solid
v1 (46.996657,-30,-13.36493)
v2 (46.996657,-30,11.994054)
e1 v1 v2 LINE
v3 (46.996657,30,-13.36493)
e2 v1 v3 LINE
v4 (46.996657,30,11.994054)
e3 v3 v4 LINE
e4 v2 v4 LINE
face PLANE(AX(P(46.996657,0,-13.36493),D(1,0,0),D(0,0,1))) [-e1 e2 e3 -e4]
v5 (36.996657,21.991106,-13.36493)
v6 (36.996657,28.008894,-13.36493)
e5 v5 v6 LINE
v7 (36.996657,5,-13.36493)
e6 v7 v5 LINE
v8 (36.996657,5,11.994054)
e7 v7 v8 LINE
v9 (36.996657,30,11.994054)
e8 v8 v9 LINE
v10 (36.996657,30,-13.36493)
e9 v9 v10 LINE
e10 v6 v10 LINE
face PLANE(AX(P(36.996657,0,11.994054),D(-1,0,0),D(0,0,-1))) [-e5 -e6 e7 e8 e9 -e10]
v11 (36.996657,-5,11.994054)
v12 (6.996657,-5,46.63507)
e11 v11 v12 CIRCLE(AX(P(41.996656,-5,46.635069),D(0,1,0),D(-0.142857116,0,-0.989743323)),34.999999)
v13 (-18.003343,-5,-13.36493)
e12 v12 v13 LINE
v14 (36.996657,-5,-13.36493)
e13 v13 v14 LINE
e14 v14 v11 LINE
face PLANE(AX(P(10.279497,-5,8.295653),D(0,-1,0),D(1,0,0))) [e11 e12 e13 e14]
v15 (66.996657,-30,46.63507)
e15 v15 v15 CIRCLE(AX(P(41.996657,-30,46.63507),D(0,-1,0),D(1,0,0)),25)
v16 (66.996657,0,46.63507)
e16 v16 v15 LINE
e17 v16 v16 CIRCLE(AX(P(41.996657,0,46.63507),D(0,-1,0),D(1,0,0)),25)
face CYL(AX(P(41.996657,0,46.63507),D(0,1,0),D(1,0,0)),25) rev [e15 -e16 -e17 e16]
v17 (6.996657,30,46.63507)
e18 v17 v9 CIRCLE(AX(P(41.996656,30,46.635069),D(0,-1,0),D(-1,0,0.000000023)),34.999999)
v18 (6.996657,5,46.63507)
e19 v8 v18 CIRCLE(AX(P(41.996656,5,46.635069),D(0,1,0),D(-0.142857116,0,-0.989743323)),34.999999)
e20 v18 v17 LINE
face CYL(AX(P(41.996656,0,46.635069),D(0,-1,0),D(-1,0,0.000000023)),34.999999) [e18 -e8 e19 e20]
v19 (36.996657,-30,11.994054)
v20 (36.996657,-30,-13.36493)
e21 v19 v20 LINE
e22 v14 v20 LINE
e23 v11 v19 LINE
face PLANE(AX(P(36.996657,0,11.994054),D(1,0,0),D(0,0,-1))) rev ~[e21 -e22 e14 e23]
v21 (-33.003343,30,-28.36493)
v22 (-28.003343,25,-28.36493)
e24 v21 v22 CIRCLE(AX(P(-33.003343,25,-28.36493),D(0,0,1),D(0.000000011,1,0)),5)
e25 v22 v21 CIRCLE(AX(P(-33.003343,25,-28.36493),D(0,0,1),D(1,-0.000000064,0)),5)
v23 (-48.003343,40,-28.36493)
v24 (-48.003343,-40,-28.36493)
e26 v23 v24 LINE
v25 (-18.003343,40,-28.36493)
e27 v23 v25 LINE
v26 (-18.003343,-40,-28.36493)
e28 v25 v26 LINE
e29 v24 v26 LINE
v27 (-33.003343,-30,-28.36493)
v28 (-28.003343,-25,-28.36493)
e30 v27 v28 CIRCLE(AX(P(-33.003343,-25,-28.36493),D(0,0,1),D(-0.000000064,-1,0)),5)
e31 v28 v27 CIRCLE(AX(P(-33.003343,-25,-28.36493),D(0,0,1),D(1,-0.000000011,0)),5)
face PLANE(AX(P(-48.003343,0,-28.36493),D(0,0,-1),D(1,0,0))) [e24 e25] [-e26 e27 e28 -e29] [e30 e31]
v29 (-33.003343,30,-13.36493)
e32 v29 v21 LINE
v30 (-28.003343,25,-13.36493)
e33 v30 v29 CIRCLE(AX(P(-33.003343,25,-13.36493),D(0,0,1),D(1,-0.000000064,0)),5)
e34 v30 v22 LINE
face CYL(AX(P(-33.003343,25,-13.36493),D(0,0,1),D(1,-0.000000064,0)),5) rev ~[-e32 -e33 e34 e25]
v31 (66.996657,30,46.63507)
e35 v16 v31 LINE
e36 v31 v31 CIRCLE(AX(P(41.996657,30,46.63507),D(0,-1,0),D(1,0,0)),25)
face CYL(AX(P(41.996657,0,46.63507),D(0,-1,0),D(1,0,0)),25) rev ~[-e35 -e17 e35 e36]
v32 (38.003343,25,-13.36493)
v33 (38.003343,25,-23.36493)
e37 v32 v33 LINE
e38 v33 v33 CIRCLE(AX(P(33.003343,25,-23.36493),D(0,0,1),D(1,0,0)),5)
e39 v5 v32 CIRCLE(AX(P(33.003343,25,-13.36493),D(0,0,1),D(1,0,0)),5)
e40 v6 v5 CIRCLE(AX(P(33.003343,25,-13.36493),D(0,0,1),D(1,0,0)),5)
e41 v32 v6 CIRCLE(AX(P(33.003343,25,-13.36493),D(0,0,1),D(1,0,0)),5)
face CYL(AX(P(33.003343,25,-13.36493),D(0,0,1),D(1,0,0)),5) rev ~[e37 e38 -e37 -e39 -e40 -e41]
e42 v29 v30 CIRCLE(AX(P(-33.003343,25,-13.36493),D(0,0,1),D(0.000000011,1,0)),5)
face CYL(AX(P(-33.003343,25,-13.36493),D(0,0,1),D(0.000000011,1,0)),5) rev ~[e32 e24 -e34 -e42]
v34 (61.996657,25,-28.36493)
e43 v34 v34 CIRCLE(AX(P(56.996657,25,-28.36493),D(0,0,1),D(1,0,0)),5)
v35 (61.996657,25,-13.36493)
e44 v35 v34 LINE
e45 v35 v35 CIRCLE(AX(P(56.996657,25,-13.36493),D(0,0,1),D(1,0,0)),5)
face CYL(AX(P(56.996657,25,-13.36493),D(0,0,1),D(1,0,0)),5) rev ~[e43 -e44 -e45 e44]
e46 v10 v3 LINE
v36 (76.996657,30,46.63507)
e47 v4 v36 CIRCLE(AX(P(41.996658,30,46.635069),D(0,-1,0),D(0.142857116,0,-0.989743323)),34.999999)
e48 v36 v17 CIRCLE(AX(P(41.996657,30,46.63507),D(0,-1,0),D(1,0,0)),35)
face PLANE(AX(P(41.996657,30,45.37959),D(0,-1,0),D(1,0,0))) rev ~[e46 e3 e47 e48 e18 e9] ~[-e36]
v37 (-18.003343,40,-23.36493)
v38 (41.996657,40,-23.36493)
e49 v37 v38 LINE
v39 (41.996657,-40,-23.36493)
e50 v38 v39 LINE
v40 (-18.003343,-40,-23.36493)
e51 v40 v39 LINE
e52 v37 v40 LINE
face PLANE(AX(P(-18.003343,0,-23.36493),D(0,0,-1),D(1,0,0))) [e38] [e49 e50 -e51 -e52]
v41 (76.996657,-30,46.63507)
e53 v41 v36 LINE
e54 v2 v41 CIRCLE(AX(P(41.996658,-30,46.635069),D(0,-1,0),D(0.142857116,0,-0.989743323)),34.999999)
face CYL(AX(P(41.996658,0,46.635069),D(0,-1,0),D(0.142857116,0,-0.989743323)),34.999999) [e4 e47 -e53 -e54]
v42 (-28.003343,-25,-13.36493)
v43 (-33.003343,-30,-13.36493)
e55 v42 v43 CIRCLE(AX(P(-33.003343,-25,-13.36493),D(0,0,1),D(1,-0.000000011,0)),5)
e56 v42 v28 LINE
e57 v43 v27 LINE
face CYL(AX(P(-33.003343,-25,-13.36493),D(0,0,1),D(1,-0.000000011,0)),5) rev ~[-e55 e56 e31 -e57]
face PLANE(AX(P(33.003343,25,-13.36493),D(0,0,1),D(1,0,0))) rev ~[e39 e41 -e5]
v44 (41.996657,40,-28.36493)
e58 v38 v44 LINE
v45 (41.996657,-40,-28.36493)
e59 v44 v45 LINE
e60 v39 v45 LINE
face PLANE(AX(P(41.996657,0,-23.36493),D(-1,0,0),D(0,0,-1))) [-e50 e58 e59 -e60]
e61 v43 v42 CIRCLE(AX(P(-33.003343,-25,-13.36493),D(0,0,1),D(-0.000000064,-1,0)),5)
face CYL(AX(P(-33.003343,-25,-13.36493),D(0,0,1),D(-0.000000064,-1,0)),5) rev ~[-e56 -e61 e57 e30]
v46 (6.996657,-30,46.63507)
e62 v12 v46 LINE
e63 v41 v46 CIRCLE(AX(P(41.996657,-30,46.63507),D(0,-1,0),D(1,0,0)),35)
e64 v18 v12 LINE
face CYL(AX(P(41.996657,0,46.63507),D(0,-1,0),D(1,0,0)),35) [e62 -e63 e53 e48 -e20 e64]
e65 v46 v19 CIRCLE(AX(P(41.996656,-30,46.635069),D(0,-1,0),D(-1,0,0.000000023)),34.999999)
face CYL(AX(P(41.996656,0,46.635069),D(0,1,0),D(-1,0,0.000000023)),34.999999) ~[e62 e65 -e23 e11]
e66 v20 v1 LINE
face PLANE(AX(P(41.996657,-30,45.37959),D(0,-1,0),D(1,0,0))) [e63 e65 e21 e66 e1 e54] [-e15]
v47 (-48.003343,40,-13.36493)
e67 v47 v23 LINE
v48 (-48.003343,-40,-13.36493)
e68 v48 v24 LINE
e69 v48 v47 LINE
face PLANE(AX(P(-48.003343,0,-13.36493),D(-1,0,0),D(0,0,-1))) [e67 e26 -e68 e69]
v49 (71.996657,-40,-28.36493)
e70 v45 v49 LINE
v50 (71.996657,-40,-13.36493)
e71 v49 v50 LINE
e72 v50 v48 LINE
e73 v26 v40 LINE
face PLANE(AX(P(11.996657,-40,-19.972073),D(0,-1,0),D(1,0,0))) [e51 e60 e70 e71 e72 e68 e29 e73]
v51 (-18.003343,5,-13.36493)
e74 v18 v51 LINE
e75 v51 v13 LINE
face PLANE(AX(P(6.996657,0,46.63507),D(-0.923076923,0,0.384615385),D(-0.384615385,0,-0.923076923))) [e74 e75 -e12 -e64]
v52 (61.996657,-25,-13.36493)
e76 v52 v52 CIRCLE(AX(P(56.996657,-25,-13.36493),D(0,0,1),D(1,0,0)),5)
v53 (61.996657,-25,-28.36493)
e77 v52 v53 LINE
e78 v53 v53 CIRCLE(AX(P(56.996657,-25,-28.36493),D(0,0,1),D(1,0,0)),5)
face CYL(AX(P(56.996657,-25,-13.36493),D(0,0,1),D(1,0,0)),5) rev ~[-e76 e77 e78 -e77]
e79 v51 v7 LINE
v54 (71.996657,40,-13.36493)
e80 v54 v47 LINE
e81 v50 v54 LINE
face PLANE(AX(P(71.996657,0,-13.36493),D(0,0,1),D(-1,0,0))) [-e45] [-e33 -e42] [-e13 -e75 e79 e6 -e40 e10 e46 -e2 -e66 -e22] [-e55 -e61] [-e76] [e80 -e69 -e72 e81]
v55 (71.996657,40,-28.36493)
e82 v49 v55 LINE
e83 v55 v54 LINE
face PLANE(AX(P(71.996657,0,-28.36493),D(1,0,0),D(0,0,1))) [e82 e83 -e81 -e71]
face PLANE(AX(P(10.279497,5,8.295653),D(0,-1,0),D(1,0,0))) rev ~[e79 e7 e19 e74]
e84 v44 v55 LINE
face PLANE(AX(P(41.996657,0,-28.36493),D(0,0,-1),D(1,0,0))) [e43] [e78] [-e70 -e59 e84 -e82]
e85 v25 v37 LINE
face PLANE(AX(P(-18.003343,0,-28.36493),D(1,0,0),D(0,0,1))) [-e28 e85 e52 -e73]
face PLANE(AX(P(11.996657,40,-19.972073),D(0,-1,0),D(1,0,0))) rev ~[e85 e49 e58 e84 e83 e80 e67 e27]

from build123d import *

# Parameters (mm, degrees)
F1_DEPTH      = 40
F1_DEPTH_BACK = 40
F2_DEPTH      = 5
F2_DEPTH_BACK = 5
F0_R          = 25
F3_DEPTH      = 30
F3_DEPTH_BACK = 30
F4_R          = 5
F5_DEPTH      = 25


with BuildPart() as f1:
    # F0 (on Front) → F1 (new body, two sides)
    with BuildSketch(Plane.XZ) as f1_sk:
        Polygon((-18.003343, -13.36493), (-48.003343, -13.36493), (-48.003343, -28.36493), (-18.003343, -28.36493), (-18.003343, -23.36493), (41.996657, -23.36493), (41.996657, -28.36493), (71.996657, -28.36493), (71.996657, -13.36493), (46.996657, -13.36493), (41.996657, -13.36493), (36.996657, -13.36493), align=None)
    extrude(amount=F1_DEPTH)
    extrude(f1_sk.sketch, amount=-F1_DEPTH_BACK)

    # F0 (on Front) → F2 (join, two sides)
    with BuildSketch(Plane.XZ) as f2_sk:
        with BuildLine():
            Line((6.996657, 46.63507), (-18.003343, -13.36493))
            Line((-18.003343, -13.36493), (36.996657, -13.36493))
            Line((36.996657, -13.36493), (36.996657, 11.994054))
            ThreePointArc((36.996657, 11.994054), (15.539144, 23.722191), (6.996657, 46.63507))
        make_face()
    extrude(amount=F2_DEPTH)
    extrude(f2_sk.sketch, amount=-F2_DEPTH_BACK)

    # F0 (on Front) → F3 (join, two sides)
    with BuildSketch(Plane.XZ) as f3_sk:
        with BuildLine():
            ThreePointArc((76.996657, 46.63507), (41.996657, 81.63507), (6.996657, 46.63507))
            ThreePointArc((6.996657, 46.63507), (15.539144, 23.722191), (36.996657, 11.994054))
            ThreePointArc((36.996657, 11.994054), (41.996657, 11.63507), (46.996657, 11.994054))
            ThreePointArc((46.996657, 11.994054), (68.45417, 23.722191), (76.996657, 46.63507))
        make_face()
        with Locations((41.996657, 46.63507)):
            Circle(F0_R, mode=Mode.SUBTRACT)
        with BuildLine():
            Line((36.996657, 11.994054), (36.996657, -13.36493))
            Line((36.996657, -13.36493), (41.996657, -13.36493))
            Line((41.996657, -13.36493), (46.996657, -13.36493))
            Line((46.996657, -13.36493), (46.996657, 11.994054))
            ThreePointArc((46.996657, 11.994054), (41.996657, 11.63507), (36.996657, 11.994054))
        make_face()
    extrude(amount=F3_DEPTH)
    extrude(f3_sk.sketch, amount=-F3_DEPTH_BACK)

    # F4 (on face) → F5 (cut)
    with BuildSketch(Plane.XY.offset(-13.36493)):
        with BuildLine():
            ThreePointArc((-33.003343, -30), (-29.467809, -28.535534), (-28.003343, -25))
            ThreePointArc((-28.003343, -25), (-36.538877, -21.464466), (-33.003343, -30))
        make_face()
        with BuildLine():
            ThreePointArc((-33.003343, 30), (-36.538877, 21.464466), (-28.003343, 25))
            ThreePointArc((-28.003343, 25), (-29.467809, 28.535534), (-33.003343, 30))
        make_face()
        with Locations((33.003343, 25)):
            Circle(F4_R)
        with Locations((56.996657, -25)):
            Circle(F4_R)
        with Locations((56.996657, 25)):
            Circle(F4_R)
    extrude(amount=-F5_DEPTH, mode=Mode.SUBTRACT)


solid = f1.part
